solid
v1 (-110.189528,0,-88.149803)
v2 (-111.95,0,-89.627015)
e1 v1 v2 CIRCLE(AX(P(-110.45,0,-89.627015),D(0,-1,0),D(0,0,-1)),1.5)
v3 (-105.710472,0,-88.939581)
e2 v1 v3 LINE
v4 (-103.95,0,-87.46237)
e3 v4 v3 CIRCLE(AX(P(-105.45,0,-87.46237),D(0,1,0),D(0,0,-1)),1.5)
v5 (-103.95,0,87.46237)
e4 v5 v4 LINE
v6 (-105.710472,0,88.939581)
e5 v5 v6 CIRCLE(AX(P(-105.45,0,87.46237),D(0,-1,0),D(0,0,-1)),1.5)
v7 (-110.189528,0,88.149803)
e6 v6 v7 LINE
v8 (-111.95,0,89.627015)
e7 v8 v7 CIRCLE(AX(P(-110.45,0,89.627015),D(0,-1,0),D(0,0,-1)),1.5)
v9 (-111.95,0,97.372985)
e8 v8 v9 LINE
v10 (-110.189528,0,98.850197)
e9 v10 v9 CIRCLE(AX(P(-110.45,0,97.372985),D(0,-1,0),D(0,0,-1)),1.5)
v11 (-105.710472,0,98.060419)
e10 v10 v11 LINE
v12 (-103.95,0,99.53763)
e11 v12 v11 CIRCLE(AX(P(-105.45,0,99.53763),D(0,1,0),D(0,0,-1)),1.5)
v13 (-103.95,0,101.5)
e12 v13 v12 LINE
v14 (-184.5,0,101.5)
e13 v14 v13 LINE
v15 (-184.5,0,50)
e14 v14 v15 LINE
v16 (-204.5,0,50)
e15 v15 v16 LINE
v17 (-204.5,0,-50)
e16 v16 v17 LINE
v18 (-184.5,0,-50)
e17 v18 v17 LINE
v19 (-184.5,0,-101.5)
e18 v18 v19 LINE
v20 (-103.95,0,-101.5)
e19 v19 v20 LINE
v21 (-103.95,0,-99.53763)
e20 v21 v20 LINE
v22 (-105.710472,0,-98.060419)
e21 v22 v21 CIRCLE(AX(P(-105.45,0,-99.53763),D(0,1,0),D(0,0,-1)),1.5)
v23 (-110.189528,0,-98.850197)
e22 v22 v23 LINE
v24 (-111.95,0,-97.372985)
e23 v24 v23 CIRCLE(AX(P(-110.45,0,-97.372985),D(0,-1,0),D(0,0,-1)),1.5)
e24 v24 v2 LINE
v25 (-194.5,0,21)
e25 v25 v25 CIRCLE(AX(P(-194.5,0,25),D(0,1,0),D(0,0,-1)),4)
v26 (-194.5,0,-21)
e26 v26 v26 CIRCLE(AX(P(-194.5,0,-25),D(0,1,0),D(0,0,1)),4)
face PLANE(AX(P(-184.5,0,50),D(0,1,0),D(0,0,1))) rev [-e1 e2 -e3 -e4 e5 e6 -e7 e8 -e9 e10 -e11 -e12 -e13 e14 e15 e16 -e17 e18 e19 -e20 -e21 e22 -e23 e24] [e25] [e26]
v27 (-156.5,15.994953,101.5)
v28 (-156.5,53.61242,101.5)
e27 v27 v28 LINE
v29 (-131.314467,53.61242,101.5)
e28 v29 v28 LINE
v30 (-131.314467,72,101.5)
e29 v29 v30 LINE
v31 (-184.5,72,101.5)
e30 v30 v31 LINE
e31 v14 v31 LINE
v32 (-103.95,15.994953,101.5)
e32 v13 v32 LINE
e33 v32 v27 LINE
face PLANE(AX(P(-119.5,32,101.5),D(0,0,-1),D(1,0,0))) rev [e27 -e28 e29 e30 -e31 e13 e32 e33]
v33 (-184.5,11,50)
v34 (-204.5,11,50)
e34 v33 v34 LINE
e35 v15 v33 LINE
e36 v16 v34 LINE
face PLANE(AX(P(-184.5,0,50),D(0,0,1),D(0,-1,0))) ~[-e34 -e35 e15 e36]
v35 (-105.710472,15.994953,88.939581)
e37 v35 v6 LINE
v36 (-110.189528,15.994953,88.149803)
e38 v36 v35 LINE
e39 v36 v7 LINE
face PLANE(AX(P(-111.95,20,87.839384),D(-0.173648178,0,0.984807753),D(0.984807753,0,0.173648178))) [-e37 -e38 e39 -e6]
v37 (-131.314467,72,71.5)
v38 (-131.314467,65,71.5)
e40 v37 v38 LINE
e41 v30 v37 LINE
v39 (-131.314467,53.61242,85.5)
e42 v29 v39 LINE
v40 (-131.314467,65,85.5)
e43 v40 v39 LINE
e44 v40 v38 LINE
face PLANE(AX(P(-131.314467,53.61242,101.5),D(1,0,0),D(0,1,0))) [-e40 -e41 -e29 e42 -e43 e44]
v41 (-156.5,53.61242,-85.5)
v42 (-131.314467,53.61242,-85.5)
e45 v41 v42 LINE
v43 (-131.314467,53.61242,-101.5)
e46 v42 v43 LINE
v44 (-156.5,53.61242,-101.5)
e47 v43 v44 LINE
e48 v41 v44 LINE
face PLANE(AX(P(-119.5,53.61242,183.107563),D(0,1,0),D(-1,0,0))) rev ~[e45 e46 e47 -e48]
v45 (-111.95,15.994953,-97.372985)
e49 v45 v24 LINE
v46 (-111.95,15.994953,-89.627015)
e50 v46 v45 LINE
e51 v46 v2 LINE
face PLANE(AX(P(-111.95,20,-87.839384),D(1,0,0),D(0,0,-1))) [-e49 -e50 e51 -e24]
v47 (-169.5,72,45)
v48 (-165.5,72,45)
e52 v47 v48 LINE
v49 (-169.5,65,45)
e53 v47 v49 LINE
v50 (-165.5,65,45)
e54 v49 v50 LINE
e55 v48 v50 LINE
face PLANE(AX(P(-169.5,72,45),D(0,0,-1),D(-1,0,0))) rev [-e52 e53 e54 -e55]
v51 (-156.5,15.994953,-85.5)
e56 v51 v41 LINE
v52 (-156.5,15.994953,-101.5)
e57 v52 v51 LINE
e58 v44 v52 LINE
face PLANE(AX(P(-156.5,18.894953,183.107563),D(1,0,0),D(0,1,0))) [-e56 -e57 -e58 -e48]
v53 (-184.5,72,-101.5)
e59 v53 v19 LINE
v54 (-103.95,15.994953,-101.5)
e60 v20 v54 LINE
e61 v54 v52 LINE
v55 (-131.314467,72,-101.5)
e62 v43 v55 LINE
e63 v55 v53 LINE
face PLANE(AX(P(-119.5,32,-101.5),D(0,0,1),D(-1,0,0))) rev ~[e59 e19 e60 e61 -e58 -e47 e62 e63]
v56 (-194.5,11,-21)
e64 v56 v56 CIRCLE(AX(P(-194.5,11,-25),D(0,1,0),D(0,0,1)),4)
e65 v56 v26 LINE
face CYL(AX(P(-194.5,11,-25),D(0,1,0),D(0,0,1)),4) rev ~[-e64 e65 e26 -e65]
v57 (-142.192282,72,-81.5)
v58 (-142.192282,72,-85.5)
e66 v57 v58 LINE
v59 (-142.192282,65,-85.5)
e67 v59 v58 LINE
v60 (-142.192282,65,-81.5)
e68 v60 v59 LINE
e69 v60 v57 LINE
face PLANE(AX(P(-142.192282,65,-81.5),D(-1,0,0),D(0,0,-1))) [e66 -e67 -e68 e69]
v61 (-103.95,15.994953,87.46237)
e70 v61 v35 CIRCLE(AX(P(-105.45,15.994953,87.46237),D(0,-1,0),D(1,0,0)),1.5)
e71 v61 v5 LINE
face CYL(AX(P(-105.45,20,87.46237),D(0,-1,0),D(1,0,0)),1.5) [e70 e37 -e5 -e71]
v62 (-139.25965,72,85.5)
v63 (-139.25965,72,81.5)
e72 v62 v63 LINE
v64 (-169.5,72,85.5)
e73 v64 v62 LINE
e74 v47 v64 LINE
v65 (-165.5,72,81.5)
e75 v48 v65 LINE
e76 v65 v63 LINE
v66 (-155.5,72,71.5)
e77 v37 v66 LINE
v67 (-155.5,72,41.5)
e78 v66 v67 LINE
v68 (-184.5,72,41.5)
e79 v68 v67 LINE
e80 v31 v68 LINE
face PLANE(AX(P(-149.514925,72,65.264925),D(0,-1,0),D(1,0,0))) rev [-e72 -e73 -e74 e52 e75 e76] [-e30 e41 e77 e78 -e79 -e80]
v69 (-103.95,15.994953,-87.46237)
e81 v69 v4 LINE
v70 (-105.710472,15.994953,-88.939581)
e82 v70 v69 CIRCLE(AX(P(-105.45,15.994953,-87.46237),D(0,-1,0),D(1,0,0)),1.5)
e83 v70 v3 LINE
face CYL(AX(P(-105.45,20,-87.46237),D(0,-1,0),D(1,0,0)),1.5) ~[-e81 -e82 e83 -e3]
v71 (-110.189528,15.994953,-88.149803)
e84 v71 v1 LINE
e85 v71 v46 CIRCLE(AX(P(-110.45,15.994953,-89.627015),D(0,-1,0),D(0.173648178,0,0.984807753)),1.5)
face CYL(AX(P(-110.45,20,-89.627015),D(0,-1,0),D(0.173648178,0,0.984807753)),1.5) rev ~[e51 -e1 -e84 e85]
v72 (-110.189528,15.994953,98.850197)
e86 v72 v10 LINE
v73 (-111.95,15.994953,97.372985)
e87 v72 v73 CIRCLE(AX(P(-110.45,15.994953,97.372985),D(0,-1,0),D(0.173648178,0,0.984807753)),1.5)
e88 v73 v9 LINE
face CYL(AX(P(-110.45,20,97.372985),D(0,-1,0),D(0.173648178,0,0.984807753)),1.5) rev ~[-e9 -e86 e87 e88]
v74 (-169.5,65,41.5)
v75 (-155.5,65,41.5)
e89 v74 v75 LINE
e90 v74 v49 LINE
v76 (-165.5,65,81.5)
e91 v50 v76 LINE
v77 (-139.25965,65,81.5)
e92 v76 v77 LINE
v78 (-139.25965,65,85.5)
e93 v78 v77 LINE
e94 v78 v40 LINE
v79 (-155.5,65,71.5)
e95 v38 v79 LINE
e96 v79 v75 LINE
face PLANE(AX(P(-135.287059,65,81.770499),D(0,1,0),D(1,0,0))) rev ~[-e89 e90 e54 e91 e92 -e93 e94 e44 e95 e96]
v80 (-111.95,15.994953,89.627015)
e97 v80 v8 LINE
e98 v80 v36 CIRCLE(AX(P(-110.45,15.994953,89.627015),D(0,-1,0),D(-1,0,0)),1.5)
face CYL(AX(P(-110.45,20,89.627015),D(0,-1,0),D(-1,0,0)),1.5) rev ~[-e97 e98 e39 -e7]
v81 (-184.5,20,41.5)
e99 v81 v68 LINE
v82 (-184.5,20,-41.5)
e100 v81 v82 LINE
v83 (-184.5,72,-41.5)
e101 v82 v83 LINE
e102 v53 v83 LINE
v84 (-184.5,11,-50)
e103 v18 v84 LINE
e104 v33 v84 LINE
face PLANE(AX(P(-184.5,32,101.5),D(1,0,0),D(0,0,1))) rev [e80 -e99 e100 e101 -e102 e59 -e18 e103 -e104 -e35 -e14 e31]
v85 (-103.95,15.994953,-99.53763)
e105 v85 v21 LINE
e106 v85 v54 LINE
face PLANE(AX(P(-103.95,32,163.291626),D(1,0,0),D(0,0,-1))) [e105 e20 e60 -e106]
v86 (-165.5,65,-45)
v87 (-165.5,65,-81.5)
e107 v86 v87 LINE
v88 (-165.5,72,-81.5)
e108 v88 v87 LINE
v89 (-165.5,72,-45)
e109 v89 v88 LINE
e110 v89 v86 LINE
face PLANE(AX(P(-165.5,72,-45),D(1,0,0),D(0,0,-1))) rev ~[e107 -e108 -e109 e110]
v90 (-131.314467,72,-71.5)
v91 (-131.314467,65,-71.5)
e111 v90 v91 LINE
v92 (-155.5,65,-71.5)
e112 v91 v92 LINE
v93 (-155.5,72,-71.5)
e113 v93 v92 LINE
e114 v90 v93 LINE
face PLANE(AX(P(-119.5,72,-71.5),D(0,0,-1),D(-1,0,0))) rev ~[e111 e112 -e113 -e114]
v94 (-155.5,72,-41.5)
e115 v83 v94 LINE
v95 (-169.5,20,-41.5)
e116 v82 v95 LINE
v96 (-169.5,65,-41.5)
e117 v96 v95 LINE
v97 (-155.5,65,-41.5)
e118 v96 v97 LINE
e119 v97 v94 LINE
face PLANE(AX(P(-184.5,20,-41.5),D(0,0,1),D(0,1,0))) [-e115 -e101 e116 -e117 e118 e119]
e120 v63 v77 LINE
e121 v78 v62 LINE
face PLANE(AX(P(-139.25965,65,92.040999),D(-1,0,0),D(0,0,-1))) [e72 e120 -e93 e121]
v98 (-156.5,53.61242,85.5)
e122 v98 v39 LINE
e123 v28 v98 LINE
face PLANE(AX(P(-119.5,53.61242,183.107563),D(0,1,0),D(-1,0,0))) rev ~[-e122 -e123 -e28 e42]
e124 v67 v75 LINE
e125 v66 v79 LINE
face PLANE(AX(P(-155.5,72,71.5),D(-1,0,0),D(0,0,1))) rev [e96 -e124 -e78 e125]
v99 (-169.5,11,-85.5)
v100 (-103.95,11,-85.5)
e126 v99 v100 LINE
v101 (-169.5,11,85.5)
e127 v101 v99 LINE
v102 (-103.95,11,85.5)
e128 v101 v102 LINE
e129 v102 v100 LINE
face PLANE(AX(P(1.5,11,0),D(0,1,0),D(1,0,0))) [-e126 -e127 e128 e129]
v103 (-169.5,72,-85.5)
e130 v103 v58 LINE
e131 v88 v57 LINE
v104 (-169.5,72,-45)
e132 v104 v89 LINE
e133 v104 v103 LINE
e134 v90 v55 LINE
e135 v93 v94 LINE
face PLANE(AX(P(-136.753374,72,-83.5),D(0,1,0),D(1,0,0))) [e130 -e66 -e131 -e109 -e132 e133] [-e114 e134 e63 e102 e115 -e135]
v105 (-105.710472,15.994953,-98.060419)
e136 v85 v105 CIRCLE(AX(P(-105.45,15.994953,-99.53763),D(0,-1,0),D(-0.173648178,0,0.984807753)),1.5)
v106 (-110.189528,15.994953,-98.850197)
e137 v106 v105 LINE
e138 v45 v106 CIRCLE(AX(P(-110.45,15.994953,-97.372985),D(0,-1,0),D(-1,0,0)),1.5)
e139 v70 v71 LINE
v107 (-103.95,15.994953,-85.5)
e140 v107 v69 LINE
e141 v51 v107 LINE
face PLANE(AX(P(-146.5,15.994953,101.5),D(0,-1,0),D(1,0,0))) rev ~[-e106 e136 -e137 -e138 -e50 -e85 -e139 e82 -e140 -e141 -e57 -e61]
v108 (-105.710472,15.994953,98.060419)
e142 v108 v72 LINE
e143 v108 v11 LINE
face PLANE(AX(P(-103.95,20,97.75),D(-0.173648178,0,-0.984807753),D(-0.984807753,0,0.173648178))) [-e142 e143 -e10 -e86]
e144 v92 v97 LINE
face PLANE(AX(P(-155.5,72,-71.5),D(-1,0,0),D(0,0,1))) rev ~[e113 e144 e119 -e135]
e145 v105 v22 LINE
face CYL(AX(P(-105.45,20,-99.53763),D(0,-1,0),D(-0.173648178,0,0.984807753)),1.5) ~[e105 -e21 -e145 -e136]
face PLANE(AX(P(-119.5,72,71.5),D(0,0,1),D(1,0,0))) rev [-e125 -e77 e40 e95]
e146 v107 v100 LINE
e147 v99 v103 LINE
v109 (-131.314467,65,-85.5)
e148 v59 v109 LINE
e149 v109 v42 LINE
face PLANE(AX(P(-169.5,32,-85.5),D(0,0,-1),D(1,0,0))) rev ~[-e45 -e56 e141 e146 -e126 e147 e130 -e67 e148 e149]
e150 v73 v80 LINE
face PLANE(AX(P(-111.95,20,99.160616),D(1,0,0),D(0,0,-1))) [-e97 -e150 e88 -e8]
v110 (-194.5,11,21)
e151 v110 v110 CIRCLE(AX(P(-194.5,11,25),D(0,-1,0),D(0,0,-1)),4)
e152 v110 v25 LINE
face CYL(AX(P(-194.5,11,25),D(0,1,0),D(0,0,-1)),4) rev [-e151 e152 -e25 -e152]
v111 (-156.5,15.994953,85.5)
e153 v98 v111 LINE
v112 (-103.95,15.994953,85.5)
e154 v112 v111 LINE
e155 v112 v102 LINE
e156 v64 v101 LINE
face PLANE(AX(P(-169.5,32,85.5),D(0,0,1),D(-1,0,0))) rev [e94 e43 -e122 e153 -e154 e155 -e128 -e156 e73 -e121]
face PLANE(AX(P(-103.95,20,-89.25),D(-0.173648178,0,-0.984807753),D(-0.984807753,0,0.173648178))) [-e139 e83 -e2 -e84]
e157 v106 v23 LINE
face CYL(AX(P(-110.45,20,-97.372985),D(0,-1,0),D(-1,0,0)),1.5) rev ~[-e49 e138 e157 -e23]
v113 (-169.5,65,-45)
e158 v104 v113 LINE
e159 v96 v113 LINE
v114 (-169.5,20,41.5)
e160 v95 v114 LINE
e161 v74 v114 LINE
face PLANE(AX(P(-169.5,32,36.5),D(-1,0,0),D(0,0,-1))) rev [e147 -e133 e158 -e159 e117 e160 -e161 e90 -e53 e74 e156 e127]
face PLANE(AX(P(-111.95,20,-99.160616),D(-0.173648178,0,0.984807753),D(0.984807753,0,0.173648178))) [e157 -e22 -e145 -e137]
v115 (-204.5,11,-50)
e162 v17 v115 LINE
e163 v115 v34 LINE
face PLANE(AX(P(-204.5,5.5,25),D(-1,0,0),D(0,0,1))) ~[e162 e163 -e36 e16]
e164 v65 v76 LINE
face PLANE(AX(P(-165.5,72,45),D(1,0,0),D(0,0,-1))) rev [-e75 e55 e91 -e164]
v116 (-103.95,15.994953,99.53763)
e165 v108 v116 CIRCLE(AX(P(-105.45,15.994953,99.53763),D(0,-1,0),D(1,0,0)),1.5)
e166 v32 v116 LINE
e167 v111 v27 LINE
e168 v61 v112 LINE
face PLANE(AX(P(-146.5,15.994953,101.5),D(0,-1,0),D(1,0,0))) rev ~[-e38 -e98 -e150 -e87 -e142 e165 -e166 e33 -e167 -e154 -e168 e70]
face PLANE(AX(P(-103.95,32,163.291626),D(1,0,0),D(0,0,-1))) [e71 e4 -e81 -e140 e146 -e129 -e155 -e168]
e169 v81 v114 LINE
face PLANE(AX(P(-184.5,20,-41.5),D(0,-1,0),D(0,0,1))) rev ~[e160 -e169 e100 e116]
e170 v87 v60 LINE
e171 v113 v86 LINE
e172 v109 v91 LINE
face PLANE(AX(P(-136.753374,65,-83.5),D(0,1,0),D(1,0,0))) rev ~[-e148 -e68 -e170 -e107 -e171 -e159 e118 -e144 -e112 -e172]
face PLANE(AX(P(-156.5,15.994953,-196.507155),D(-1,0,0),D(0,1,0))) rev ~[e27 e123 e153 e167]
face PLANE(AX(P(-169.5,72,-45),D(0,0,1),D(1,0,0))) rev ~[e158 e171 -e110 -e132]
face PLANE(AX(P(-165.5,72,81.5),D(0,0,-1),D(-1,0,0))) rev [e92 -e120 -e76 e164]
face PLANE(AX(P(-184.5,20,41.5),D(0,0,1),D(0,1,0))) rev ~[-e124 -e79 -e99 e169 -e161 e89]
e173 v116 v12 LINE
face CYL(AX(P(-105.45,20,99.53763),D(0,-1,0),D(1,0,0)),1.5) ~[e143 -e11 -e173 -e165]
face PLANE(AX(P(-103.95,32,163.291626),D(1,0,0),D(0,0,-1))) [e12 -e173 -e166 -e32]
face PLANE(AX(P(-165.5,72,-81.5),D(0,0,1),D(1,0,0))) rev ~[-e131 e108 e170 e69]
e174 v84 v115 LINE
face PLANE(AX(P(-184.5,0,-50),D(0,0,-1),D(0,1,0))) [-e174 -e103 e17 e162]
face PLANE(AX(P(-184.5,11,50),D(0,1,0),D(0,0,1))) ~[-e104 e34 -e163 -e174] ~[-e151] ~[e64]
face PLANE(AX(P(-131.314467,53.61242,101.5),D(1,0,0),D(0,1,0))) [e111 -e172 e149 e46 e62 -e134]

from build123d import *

# Parameters (mm, degrees)
SKETCH1_W                = 369
SKETCH1_H                = 203
BOSS_EXTRUDE1_DEPTH      = 20
SKETCH2_W                = 129
SKETCH2_H                = 16
BOSS_EXTRUDE2_DEPTH      = 12
SKETCH3_W                = 342
SKETCH3_H                = 171
CUT_EXTRUDE1_DEPTH       = 9
SKETCH4_W                = 100
SKETCH4_H                = 12
BOSS_EXTRUDE3_DEPTH      = 60
CUT_EXTRUDE3_START       = -60
CUT_EXTRUDE3_DEPTH       = 70
BOSS_EXTRUDE5_DEPTH      = 40
EXTRUDE_THIN1_DEPTH      = 7
SKETCH10_W               = 404
SKETCH10_H               = 324.796202869
CUT_EXTRUDE4_DEPTH       = 69
CUT_EXTRUDE7_DEPTH       = 284.607563369
CUT_EXTRUDE7_DEPTH_BACK  = 284.607563369
SKETCH14_W               = 37
SKETCH14_H               = 34.717467541
SKETCH12_W               = 50
SKETCH12_H               = 11
BOSS_EXTRUDE6_DEPTH      = 20
SKETCH13_R               = 4
CUT_EXTRUDE6_DEPTH       = 237.312293375
CUT_EXTRUDE9_DEPTH       = 235.150592568
SKETCH16_W               = 11.814467108
SKETCH16_H               = 18.387579902
CUT_EXTRUDE10_DEPTH      = 298.007154796
BOSS_EXTRUDE8_START      = -7
SKETCH18_W               = 7.945182936
SKETCH18_H               = 20.540998505
BOSS_EXTRUDE8_DEPTH      = 7
BOSS_EXTRUDE9_START      = -7
SKETCH19_W               = 10.87781478
SKETCH19_H               = 4
BOSS_EXTRUDE9_DEPTH      = 7
FILLET1_R                = 1.5
CUT_EXTRUDE11_DEPTH      = 298.007154796
CUT_EXTRUDE11_DEPTH_BACK = 298.007154796
SKETCH20_W               = 10
SKETCH20_H               = 2.9
SKETCH21_W               = 8.352928008
SKETCH21_H               = 52
SKETCH21_W_2             = 6.5
CUT_EXTRUDE12_DEPTH      = 149.238161416
SKETCH22_W               = 43.183103185
SKETCH22_H               = 12.42943685
CUT_EXTRUDE13_DEPTH      = 298.007154796


with BuildPart() as part:
    # Sketch1 → Boss-Extrude1 (new body)
    with BuildSketch(Plane(origin=(0, 0, 0), x_dir=(1, 0, 0), z_dir=(0, 1, 0))):
        Rectangle(SKETCH1_W, SKETCH1_H)
    extrude(amount=BOSS_EXTRUDE1_DEPTH)

    # Sketch2 → Boss-Extrude2 (add)
    with BuildSketch(Plane(origin=(0, 20, 0), x_dir=(1, 0, 0), z_dir=(0, 1, 0))):
        Polygon((-184.5, -101.5), (-169.5, -101.5), (-119.5, -101.5), (-119.5, -85.5), (-169.5, -85.5), (-169.5, -36.5), (-184.5, -36.5), align=None)
        Polygon((-184.5, 101.5), (-169.5, 101.5), (-119.5, 101.5), (-119.5, 85.5), (-169.5, 85.5), (-169.5, 36.5), (-184.5, 36.5), align=None)
        with Locations((20, -93.5)):
            Rectangle(SKETCH2_W, SKETCH2_H)
        with Locations((20, 93.5)):
            Rectangle(SKETCH2_W, SKETCH2_H)
    extrude(amount=BOSS_EXTRUDE2_DEPTH)

    # Sketch3 → Cut-Extrude1 (cut)
    with BuildSketch(Plane(origin=(0, 20, 0), x_dir=(1, 0, 0), z_dir=(0, 1, 0))):
        with Locations((1.5, 0)):
            Rectangle(SKETCH3_W, SKETCH3_H)
    extrude(amount=-CUT_EXTRUDE1_DEPTH, mode=Mode.SUBTRACT)

    # Sketch4 → Boss-Extrude3 (add)
    with BuildSketch(Plane(origin=(0, 0, -101.5), x_dir=(-1, 0, 0), z_dir=(0, 0, -1))):
        with Locations((-19.5, 26)):
            Rectangle(SKETCH4_W, SKETCH4_H)
    boss_extrude3 = extrude(amount=BOSS_EXTRUDE3_DEPTH)

    # Sketch6 → Cut-Extrude3 (cut)
    with BuildSketch(Plane.XY.offset(-85.5).offset(CUT_EXTRUDE3_START)):
        with BuildLine():
            Line((-24.5, 32), (-26.787099163, 29.101539441))
            ThreePointArc((-26.787099163, 29.101539441), (-26.9948908, 27.190971116), (-25.366310671, 26.170591063))
            Line((-25.366310671, 26.170591063), (-15.633690062, 26.170591063))
            ThreePointArc((-15.633690062, 26.170591063), (-14.00510936, 27.190970786), (-14.212900837, 29.101539441))
            Line((-14.212900837, 29.101539441), (-16.5, 32))
            Line((-16.5, 32), (-24.5, 32))
        make_face()
        with BuildLine():
            Line((56.5, 32), (54.250139337, 28.697067806))
            ThreePointArc((54.250139337, 28.697067806), (54.153814675, 26.972097696), (55.633689937, 26.080599221))
            Line((55.633689937, 26.080599221), (65.366310546, 26.080599221))
            ThreePointArc((65.366310546, 26.080599221), (66.846185438, 26.972097909), (66.749860663, 28.697067806))
            Line((66.749860663, 28.697067806), (64.5, 32))
            Line((64.5, 32), (56.5, 32))
        make_face()
    cut_extrude3 = extrude(amount=CUT_EXTRUDE3_DEPTH, mode=Mode.SUBTRACT)

    # Sketch8 → Boss-Extrude5 (add)
    with BuildSketch(Plane(origin=(0, 32, 0), x_dir=(1, 0, 0), z_dir=(0, 1, 0))):
        Polygon((-184.5, 36.5), (-169.5, 36.5), (-169.5, 85.5), (-119.5, 85.5), (-119.5, 101.5), (-184.5, 101.5), align=None)
    boss_extrude5 = extrude(amount=BOSS_EXTRUDE5_DEPTH)

    # Sketch9 → Extrude-Thin1 (add)
    with BuildSketch(Plane(origin=(0, 72, 0), x_dir=(1, 0, 0), z_dir=(0, 1, 0))):
        Polygon((-119.5, 85.5), (-119.5, 71.5), (-155.5, 71.5), (-155.5, 35), (-169.5, 35), (-169.5, 45), (-165.5, 45), (-165.5, 81.5), (-129.5, 81.5), (-129.5, 85.5), align=None)
    extrude_thin1 = extrude(amount=-EXTRUDE_THIN1_DEPTH)

    # Mirror2: Boss-Extrude3, Cut-Extrude3, Boss-Extrude5, Extrude-Thin1 across plane
    add(boss_extrude3.mirror(Plane.XY))
    add(cut_extrude3.mirror(Plane.XY), mode=Mode.SUBTRACT)
    add(boss_extrude5.mirror(Plane.XY))
    add(extrude_thin1.mirror(Plane.XY))

    # Sketch10 → Cut-Extrude4 (cut)
    with BuildSketch(Plane(origin=(0, 32, 0), x_dir=(1, 0, 0), z_dir=(0, 1, 0))):
        with Locations((98.05, -0.89352463)):
            Rectangle(SKETCH10_W, SKETCH10_H)
    extrude(amount=-CUT_EXTRUDE4_DEPTH, mode=Mode.SUBTRACT)

    # Sketch14 → Cut-Extrude7 (cut, two sides: drawn at the far end of the back side and taken through both)
    with BuildSketch(Plane(origin=(0, 0, -101.5), x_dir=(-1, 0, 0), z_dir=(0, 0, -1)).offset(-CUT_EXTRUDE7_DEPTH_BACK)):
        with Locations((138, 36.253686327)):
            Rectangle(SKETCH14_W, SKETCH14_H)
    extrude(amount=CUT_EXTRUDE7_DEPTH + CUT_EXTRUDE7_DEPTH_BACK, mode=Mode.SUBTRACT)

    # Sketch12 → Boss-Extrude6 (add)
    with BuildSketch(Plane.ZY.offset(184.5)):
        with Locations((-25, 5.5)):
            Rectangle(SKETCH12_W, SKETCH12_H)
    boss_extrude6 = extrude(amount=BOSS_EXTRUDE6_DEPTH)

    # Sketch13 → Cut-Extrude6 (cut, through all)
    with BuildSketch(Plane(origin=(0, 11, 0), x_dir=(1, 0, 0), z_dir=(0, 1, 0))):
        with Locations(Location((-194.5, 25, 0), (0, 0, 270))):
            Circle(SKETCH13_R)
    cut_extrude6 = extrude(amount=-CUT_EXTRUDE6_DEPTH, mode=Mode.SUBTRACT)

    # Mirror3: Boss-Extrude6, Cut-Extrude6 across plane
    add(boss_extrude6.mirror(Plane.XY))
    add(cut_extrude6.mirror(Plane.XY), mode=Mode.SUBTRACT)

    # Sketch11 → Cut-Extrude9 (cut, through all)
    with BuildSketch(Plane(origin=(0, 20, 0), x_dir=(1, 0, 0), z_dir=(0, 1, 0))):
        Polygon((-103.95, 97.75), (-103.95, 89.25), (-111.95, 87.839384154), (-111.95, 99.160615846), align=None)
        Polygon((-103.95, -89.25), (-103.95, -97.75), (-111.95, -99.160615846), (-111.95, -87.839384154), align=None)
    extrude(amount=-CUT_EXTRUDE9_DEPTH, mode=Mode.SUBTRACT)

    # Sketch16 → Cut-Extrude10 (cut, through all)
    with BuildSketch(Plane.XY.offset(101.5)):
        with Locations((-125.407233554, 62.806210049)):
            Rectangle(SKETCH16_W, SKETCH16_H)
    extrude(amount=-CUT_EXTRUDE10_DEPTH, mode=Mode.SUBTRACT)

    # Sketch18 → Boss-Extrude8 (add)
    with BuildSketch(Plane(origin=(0, 72, 0), x_dir=(1, 0, 0), z_dir=(0, 1, 0)).offset(BOSS_EXTRUDE8_START)):
        with Locations((-135.287058576, -81.770499253)):
            Rectangle(SKETCH18_W, SKETCH18_H)
    extrude(amount=BOSS_EXTRUDE8_DEPTH)

    # Sketch19 → Boss-Extrude9 (add)
    with BuildSketch(Plane(origin=(0, 72, 0), x_dir=(1, 0, 0), z_dir=(0, 1, 0)).offset(BOSS_EXTRUDE9_START)):
        with Locations((-136.753374498, 83.5)):
            Rectangle(SKETCH19_W, SKETCH19_H)
    extrude(amount=BOSS_EXTRUDE9_DEPTH)

    # Fillet1
    fillet1_edges = [part.edges().sort_by_distance(p)[0] for p in [
        (-111.95, 10, -99.160615846),
        (-103.95, 10, -97.75),
        (-103.95, 10, -89.25),
        (-111.95, 10, -87.839384154),
        (-111.95, 10, 99.160615846),
        (-111.95, 10, 87.839384154),
        (-103.95, 10, 89.25),
        (-103.95, 10, 97.75),
    ]]
    fillet(fillet1_edges, radius=FILLET1_R)

    # Sketch20 → Cut-Extrude11 (cut, two sides: drawn at the far end of the back side and taken through both)
    with BuildSketch(Plane.XY.offset(101.5).offset(-CUT_EXTRUDE11_DEPTH_BACK)):
        with Locations((-151.5, 17.444952557)):
            Rectangle(SKETCH20_W, SKETCH20_H)
    extrude(amount=CUT_EXTRUDE11_DEPTH + CUT_EXTRUDE11_DEPTH_BACK, mode=Mode.SUBTRACT)

    # Sketch21 → Cut-Extrude12 (cut, through all)
    with BuildSketch(Plane.ZY.offset(184.5)):
        with Locations((-37.323535996, 46)):
            Rectangle(SKETCH21_W, SKETCH21_H)
        with Locations((38.25, 46)):
            Rectangle(SKETCH21_W_2, SKETCH21_H)
    extrude(amount=-CUT_EXTRUDE12_DEPTH, mode=Mode.SUBTRACT)

    # Sketch22 → Cut-Extrude13 (cut, through all)
    with BuildSketch(Plane.XY.offset(101.5)):
        with Locations((-124.908448408, 22.209670982)):
            Rectangle(SKETCH22_W, SKETCH22_H)
    extrude(amount=-CUT_EXTRUDE13_DEPTH, mode=Mode.SUBTRACT)


solid = part.part
